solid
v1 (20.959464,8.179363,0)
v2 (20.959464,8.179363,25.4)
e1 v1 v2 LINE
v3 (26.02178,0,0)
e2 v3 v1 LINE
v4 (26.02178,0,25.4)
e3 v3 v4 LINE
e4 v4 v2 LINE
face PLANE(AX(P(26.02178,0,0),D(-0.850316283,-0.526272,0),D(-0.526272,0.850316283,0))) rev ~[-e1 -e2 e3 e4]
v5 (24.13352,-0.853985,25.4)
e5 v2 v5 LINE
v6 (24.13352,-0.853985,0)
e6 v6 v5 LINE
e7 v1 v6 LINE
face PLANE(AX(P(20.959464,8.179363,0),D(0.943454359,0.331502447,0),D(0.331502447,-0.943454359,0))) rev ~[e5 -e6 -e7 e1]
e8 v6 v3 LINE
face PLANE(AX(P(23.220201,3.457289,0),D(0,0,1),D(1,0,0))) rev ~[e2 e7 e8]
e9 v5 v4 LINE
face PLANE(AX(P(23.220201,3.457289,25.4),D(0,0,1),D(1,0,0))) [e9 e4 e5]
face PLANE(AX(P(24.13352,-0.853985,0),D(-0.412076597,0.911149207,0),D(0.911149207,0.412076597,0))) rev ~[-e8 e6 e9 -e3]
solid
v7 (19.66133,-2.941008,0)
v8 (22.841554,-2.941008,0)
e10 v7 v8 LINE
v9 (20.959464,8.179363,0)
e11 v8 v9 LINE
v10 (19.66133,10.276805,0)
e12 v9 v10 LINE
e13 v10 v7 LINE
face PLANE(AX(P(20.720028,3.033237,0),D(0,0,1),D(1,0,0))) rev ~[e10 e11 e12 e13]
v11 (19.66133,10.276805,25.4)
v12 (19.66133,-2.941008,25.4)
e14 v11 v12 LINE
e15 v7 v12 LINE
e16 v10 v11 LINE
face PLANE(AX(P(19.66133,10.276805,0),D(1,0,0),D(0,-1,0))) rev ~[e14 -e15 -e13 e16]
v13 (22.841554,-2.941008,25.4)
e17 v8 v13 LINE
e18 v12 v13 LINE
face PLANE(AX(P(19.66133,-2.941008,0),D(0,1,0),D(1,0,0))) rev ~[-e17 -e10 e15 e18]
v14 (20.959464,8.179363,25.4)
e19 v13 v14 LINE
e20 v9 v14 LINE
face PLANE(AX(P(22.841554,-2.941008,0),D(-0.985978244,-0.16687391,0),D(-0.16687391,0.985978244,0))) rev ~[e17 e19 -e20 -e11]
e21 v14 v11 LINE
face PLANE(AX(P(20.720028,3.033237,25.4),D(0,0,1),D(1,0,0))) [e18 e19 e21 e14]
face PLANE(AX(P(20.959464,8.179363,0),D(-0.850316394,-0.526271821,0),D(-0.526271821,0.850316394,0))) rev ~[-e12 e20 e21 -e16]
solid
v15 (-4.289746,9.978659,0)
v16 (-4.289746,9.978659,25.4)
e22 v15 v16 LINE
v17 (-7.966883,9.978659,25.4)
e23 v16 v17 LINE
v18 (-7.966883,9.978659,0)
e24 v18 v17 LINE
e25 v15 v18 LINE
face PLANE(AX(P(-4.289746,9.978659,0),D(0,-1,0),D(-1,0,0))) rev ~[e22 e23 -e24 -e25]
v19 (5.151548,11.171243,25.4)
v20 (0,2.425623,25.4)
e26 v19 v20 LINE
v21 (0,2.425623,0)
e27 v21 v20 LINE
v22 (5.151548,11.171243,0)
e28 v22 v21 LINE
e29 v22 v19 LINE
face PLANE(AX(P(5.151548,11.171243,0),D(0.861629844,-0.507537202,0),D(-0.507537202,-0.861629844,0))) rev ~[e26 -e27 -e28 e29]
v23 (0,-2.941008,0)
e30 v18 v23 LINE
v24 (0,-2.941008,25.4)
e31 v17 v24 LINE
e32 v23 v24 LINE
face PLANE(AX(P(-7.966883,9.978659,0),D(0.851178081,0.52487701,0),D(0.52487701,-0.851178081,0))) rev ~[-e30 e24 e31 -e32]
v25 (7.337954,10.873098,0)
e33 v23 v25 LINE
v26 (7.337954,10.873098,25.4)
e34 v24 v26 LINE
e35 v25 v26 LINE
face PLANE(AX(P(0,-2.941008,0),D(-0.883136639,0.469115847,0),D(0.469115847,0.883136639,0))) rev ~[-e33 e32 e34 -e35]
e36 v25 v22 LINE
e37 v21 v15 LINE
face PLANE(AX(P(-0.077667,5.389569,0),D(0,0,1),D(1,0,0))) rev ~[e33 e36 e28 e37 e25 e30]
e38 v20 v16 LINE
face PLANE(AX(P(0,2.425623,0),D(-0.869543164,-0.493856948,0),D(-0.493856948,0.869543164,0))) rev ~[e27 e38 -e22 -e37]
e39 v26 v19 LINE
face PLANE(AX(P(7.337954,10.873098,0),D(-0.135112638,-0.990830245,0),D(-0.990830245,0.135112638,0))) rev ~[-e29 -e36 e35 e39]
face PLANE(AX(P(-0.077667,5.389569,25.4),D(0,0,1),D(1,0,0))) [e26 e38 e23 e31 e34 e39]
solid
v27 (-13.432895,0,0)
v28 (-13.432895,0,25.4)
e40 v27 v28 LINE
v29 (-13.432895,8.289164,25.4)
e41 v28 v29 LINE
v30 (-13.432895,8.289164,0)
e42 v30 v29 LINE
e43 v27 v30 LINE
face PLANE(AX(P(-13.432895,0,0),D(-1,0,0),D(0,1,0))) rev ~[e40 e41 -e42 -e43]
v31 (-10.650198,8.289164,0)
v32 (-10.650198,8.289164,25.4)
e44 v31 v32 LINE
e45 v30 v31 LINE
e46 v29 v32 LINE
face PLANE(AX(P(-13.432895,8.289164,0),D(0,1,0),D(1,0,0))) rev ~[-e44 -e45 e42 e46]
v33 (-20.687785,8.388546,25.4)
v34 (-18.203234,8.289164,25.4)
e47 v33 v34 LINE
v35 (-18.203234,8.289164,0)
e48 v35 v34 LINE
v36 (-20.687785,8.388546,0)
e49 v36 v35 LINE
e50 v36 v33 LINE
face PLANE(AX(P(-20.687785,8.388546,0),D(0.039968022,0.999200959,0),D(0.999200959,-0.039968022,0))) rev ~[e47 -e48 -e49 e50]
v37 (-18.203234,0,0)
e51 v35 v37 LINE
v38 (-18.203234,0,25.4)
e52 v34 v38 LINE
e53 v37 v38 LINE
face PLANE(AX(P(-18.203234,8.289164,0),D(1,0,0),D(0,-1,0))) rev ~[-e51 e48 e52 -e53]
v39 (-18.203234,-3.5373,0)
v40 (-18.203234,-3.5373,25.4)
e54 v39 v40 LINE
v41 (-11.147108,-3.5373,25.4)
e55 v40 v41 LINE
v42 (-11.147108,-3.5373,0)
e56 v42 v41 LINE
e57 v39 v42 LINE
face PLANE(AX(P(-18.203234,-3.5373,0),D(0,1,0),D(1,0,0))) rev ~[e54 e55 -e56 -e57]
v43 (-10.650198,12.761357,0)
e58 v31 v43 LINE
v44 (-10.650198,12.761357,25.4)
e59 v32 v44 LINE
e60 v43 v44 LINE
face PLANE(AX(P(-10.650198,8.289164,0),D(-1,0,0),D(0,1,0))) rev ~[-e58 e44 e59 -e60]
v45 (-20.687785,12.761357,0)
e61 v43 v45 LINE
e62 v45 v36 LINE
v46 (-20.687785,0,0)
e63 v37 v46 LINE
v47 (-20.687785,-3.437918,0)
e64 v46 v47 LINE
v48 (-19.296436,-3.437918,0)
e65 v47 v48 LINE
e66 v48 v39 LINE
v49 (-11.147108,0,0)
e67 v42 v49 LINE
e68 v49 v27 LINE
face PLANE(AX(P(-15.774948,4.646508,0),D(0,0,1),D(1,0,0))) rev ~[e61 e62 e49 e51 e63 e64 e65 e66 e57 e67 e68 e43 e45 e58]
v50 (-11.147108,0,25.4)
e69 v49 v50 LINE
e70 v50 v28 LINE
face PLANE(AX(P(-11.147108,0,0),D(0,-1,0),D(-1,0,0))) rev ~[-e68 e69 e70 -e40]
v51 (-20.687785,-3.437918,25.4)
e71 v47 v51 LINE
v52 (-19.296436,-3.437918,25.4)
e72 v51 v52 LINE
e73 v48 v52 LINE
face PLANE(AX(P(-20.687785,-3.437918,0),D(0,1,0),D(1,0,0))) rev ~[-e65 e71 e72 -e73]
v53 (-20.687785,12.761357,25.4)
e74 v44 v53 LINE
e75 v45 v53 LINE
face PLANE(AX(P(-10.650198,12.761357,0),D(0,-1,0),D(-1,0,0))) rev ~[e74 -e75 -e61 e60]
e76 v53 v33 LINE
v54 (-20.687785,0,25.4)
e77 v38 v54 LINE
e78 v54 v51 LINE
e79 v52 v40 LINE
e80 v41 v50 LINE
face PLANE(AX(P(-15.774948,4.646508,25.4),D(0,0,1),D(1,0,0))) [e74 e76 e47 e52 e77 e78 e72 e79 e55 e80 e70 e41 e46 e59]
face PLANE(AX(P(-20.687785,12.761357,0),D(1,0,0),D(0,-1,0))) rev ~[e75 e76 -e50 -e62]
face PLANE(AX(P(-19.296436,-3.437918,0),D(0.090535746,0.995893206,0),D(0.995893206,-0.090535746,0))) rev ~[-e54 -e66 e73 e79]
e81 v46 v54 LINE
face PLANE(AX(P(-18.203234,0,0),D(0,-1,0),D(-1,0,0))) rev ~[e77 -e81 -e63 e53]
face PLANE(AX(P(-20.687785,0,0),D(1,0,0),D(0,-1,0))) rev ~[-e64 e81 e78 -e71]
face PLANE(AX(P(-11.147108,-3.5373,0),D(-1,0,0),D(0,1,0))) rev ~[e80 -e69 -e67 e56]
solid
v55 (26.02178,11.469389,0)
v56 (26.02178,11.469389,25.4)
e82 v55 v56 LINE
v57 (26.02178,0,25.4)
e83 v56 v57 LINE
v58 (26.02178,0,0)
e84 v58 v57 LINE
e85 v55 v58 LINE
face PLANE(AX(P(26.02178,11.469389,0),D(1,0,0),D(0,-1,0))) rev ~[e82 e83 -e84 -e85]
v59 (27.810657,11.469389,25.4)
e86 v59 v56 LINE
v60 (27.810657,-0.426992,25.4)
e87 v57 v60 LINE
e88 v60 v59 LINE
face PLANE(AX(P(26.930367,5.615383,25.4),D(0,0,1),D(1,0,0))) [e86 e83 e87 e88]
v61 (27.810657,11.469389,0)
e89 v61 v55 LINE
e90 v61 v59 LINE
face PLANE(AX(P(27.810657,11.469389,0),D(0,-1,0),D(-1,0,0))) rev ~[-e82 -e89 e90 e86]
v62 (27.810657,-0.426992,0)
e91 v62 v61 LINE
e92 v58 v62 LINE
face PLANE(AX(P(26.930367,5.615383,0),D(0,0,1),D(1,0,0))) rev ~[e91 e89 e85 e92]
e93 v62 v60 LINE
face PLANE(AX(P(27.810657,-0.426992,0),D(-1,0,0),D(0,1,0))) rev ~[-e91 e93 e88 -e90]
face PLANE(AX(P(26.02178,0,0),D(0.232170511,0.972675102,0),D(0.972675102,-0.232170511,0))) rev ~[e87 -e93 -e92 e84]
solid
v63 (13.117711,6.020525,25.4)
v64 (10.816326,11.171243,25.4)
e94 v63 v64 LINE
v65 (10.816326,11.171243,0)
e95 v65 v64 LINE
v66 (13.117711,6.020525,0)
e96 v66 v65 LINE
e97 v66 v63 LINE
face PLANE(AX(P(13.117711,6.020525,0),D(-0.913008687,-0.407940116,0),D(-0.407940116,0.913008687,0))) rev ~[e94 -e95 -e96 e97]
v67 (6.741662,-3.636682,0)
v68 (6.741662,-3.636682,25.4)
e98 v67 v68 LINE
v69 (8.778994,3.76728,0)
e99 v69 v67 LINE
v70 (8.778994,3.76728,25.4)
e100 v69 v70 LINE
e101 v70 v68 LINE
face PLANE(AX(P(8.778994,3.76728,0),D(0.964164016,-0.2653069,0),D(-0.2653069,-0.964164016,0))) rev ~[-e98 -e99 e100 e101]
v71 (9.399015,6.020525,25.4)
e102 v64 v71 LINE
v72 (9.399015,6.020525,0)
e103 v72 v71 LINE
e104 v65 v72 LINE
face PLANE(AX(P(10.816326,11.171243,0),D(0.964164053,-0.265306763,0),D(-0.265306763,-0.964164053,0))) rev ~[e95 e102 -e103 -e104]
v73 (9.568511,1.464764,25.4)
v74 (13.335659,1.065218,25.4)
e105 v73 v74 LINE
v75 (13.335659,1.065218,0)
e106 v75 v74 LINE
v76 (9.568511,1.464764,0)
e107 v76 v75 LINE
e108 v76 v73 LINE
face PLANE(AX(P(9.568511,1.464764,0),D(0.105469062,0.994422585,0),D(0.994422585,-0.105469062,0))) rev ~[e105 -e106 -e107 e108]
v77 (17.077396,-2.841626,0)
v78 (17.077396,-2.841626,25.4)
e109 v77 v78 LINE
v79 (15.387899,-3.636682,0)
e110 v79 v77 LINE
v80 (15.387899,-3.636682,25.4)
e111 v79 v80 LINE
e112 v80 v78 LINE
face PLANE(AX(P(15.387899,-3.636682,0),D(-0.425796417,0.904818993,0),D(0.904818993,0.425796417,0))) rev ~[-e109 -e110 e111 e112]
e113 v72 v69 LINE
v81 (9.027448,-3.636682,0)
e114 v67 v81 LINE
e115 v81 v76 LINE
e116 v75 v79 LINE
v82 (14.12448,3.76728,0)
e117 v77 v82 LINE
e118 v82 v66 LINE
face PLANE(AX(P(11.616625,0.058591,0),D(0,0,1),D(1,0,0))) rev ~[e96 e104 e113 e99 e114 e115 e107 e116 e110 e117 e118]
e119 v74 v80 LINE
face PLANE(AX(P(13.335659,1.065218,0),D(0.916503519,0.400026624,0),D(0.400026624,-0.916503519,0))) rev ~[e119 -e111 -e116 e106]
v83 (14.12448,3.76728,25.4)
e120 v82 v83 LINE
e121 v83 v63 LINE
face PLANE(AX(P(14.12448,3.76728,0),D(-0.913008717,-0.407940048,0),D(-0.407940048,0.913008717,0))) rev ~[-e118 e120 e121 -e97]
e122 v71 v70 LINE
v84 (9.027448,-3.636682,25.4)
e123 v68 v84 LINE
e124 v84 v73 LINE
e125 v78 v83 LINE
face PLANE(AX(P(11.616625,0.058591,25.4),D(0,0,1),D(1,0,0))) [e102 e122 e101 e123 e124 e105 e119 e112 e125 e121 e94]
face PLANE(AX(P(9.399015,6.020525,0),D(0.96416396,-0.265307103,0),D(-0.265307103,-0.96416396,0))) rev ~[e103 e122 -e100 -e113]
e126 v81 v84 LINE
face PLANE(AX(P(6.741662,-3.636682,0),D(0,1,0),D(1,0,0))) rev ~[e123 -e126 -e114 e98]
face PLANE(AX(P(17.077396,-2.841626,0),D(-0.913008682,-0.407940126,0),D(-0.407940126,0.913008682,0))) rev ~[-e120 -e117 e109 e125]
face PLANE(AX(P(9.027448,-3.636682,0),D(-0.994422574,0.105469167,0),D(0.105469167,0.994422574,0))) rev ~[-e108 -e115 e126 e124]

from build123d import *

# Parameters (mm, degrees)
F1_DEPTH = 25.4


with BuildPart() as f1:
    # F0 (on Top) → F1 (new body)
    with BuildSketch(Plane.XY):
        Polygon((-4.289746, 9.978659), (-7.966883, 9.978659), (0, -2.941008), (7.337954, 10.873098), (5.151548, 11.171243), (0, 2.425623), align=None)
        Polygon((14.12448, 3.76728), (8.778994, 3.76728), (6.741662, -3.636682), (9.027448, -3.636682), (9.568511, 1.464764), (13.335659, 1.065218), (15.387899, -3.636682), (17.077396, -2.841626), align=None)
        Polygon((-20.687785, 8.388546), (-18.203234, 8.289164), (-18.203234, 0), (-20.687785, 0), (-20.687785, -3.437918), (-19.296436, -3.437918), (-18.203234, -3.5373), (-13.432895, -3.5373), (-11.147108, -3.5373), (-11.147108, 0), (-13.432895, 0), (-13.432895, 8.289164), (-10.650198, 8.289164), (-10.650198, 12.761357), (-13.432895, 12.761357), (-18.203234, 12.761357), (-20.687785, 12.761357), align=None)
        Polygon((26.02178, 11.469389), (26.02178, 0), (27.810657, -0.426992), (27.810657, 11.469389), align=None)
        Polygon((20.959464, 8.179363), (19.66133, 10.276805), (19.66133, -2.941008), (22.841554, -2.941008), align=None)
        Polygon((26.02178, 0), (20.959464, 8.179363), (24.13352, -0.853985), align=None)
        Polygon((13.117711, 6.020525), (10.816326, 11.171243), (9.399015, 6.020525), align=None)
        Polygon((13.117711, 6.020525), (9.399015, 6.020525), (8.778994, 3.76728), (14.12448, 3.76728), align=None)
    extrude(amount=F1_DEPTH)


solid = f1.part
